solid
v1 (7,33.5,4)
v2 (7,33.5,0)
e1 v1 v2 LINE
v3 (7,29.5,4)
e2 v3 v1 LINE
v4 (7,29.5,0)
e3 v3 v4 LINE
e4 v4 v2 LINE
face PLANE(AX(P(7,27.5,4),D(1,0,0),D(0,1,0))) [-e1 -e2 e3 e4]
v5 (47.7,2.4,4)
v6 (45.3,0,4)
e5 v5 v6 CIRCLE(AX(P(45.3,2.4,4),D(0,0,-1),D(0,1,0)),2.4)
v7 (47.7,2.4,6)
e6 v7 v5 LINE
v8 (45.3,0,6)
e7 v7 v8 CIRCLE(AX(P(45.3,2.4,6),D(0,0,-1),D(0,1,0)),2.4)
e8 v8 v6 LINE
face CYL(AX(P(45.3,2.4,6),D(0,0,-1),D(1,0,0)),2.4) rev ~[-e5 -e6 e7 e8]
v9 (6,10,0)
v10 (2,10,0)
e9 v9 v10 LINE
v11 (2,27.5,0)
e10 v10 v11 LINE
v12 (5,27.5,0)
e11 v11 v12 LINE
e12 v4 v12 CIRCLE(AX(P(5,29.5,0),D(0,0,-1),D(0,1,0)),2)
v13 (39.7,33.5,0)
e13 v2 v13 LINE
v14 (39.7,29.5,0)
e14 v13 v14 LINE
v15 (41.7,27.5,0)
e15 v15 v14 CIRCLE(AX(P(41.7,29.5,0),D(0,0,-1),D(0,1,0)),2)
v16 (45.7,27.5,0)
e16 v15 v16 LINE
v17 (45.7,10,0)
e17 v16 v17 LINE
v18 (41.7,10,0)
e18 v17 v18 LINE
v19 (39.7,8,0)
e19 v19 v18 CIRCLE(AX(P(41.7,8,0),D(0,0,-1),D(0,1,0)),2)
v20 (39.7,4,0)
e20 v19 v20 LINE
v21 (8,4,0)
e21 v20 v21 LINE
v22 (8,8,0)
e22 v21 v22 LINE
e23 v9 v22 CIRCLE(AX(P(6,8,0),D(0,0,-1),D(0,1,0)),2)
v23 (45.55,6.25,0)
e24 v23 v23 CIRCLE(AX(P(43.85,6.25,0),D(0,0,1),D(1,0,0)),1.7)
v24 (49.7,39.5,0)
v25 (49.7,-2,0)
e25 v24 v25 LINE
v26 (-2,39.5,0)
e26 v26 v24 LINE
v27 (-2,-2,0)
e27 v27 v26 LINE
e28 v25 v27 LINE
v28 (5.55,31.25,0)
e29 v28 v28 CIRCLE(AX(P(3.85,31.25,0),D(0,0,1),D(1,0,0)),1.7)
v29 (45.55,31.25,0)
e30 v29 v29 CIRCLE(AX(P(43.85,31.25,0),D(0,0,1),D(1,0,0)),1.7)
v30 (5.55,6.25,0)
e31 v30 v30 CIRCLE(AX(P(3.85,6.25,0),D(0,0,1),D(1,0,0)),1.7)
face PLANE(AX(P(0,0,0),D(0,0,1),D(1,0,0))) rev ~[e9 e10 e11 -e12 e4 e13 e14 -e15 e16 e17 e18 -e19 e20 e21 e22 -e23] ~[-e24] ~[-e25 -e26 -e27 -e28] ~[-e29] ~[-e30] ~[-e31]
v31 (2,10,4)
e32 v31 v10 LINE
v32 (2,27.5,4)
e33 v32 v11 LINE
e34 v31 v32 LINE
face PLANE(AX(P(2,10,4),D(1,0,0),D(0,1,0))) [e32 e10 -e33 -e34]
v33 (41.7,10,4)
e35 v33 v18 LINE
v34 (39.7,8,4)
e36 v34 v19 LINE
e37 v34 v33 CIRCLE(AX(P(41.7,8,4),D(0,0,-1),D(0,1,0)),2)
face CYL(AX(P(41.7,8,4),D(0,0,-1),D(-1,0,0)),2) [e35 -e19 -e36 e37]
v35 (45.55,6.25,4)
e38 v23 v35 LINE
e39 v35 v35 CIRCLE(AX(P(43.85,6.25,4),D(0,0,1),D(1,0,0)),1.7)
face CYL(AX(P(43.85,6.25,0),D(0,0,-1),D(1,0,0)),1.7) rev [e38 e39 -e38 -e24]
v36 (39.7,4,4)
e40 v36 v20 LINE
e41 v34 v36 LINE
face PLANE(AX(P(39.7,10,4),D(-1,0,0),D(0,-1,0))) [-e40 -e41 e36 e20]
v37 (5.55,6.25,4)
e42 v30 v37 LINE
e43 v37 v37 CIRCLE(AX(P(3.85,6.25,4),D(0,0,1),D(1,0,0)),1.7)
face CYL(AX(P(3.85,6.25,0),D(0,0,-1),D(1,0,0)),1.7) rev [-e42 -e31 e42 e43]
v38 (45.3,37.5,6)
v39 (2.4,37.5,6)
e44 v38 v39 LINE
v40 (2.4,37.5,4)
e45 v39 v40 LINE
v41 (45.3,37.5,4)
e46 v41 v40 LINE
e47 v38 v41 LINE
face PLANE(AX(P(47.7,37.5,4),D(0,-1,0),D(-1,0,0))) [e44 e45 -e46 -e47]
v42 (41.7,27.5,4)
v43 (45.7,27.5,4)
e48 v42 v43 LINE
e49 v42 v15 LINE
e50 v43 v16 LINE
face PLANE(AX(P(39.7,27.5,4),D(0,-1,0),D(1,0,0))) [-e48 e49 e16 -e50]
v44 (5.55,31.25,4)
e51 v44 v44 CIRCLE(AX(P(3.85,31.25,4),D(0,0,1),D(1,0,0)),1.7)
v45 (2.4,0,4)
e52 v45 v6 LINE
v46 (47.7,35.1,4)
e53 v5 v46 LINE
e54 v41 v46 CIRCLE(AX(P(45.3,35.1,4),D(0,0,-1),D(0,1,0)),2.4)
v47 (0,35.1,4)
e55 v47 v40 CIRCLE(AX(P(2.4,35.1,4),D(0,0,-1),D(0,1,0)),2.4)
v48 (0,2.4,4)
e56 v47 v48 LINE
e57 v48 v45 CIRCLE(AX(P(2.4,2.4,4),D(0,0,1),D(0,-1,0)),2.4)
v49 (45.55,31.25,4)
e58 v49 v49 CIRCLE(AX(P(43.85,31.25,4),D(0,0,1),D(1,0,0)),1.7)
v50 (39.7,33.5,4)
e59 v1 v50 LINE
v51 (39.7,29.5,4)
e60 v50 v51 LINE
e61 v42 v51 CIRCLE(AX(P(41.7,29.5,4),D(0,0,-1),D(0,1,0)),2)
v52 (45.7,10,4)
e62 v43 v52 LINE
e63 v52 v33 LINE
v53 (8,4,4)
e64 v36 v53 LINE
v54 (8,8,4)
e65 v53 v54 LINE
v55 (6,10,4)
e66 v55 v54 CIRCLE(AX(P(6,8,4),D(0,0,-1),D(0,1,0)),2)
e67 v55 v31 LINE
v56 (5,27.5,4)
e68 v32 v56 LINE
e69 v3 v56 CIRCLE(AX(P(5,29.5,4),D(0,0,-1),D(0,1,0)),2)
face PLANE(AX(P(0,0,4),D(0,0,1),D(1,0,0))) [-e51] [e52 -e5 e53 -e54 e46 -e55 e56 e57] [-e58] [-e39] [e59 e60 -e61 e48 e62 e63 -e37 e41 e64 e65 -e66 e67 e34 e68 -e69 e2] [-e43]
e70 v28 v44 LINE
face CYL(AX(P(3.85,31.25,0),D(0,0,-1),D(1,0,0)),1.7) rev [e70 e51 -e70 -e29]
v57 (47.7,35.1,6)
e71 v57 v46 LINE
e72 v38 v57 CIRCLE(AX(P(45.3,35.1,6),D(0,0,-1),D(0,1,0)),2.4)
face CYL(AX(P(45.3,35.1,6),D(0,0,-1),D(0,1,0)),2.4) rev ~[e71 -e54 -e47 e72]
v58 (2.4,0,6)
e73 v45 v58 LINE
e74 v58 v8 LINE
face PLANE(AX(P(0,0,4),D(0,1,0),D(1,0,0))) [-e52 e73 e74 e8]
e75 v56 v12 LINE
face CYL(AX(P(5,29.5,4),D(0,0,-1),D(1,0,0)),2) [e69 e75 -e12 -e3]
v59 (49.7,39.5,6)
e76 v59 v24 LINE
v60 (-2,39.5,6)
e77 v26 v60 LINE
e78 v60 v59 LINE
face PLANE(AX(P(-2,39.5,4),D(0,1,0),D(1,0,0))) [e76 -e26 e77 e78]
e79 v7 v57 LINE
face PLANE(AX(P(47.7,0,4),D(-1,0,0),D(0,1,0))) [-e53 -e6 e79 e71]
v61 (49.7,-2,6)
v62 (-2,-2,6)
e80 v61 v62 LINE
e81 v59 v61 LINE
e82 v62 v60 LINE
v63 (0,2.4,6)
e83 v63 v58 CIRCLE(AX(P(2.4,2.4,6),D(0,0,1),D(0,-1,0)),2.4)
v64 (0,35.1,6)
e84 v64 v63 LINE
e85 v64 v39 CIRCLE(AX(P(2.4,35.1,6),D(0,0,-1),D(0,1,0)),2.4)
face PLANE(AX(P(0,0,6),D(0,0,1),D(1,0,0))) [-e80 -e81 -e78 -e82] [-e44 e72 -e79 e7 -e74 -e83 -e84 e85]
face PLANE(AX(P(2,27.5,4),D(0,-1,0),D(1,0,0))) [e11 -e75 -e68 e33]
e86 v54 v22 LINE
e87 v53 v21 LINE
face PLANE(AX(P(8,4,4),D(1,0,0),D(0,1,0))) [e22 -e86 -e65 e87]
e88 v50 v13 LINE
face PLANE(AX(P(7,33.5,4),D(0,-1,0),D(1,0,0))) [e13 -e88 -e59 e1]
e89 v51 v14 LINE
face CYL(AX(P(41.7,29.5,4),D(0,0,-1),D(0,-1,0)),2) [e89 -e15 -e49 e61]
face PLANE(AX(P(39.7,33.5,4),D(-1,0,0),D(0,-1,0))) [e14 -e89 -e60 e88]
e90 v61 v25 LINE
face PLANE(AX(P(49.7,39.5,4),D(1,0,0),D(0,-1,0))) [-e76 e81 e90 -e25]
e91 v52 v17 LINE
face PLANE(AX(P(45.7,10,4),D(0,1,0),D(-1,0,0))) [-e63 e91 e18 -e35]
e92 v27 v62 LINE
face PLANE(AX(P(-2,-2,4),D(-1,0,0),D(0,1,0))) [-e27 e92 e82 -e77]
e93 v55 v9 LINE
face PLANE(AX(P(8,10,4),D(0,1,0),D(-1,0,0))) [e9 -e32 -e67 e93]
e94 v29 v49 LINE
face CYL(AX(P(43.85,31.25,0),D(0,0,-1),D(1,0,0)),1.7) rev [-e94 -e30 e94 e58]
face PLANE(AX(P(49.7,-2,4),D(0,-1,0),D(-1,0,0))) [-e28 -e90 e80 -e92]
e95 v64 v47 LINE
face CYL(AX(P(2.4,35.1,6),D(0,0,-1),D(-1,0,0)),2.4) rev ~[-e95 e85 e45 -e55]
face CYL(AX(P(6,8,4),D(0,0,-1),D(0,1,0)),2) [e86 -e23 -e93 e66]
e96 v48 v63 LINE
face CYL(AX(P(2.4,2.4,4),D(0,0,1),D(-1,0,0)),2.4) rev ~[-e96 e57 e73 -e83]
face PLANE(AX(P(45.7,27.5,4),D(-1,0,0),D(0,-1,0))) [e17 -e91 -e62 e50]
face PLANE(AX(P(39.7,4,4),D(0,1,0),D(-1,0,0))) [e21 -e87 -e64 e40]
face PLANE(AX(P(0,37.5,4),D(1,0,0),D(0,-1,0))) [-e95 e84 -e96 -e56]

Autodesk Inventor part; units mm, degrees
ref_plane "YZ Plane" through (0, 0, 0) normal (1, 0, 0) x (0, 1, 0)
ref_plane "XZ Plane" through (0, 0, 0) normal (0, 1, 0) x (-1, 0, 0)
ref_plane "XY Plane" through (0, 0, 0) normal (0, 0, 1) x (1, 0, 0)
sketch "Эскиз1" plane through (0, 0, 0) normal (0, 0, 1) x (1, 0, 0)
  line L0 (0, 0) -> (47.7, 0)
  line L1 (47.7, 0) -> (47.7, 37.5)
  line L2 (47.7, 37.5) -> (0, 37.5)
  line L3 (0, 37.5) -> (0, 0)
  line L4 (3.85, 31.25) -> (43.85, 31.25) construction
  line L5 (43.85, 31.25) -> (43.85, 6.25) construction
  line L6 (43.85, 6.25) -> (3.85, 6.25) construction
  line L7 (3.85, 6.25) -> (3.85, 31.25) construction
  line L8 (3.85, 31.25) -> (3.85, 37.5) construction
  line L9 (3.85, 6.25) -> (3.85, 0) construction
  line L10 (3.85, 31.25) -> (0, 31.25) construction
  line L11 (43.85, 31.25) -> (47.7, 31.25) construction
  circle A0 centre (3.85, 31.25) radius 1.7
  circle A1 centre (43.85, 31.25) radius 1.7
  circle A2 centre (43.85, 6.25) radius 1.7
  circle A3 centre (3.85, 6.25) radius 1.7
  dimension "d0" = 47.7
  dimension "d1" = 37.5
  dimension "d2" = 40
  dimension "d3" = 25
  dimension "d6" = 3.4
extrude "Выдавливание1" add sketch "Эскиз1" along normal blind 4
sketch "Эскиз2" plane through (0, 0, 4) normal (0, 0, 1) x (1, 0, 0)
  circle A0 centre (3.85, 6.25) radius 1.7 projected
  circle A1 centre (43.85, 6.25) radius 1.7 projected
  circle A2 centre (43.85, 31.25) radius 1.7 projected
  circle A3 centre (3.85, 31.25) radius 1.7 projected
  line L0 (0, 0) -> (47.7, 0) projected
  line L1 (47.7, 0) -> (47.7, 37.5) projected
  line L2 (47.7, 37.5) -> (0, 37.5) projected
  line L3 (0, 37.5) -> (0, 0) projected
  line L4 (-2, 39.5) -> (49.7, 39.5)
  line L5 (49.7, 39.5) -> (49.7, -2)
  line L6 (49.7, -2) -> (-2, -2)
  line L7 (-2, -2) -> (-2, 39.5)
  dimension "d9" = 2
extrude "Выдавливание2" add sketch "Эскиз2" along normal blind 2 and the other way blind 4 contours L4 L5 L6 L7
fillet "Сопряжение1" radius 2.4 4 edges at (0, 37.5, 5) (47.7, 37.5, 5) (47.7, 0, 5) (0, 0, 5)
sketch "Эскиз3" plane through (0, 0, 4) normal (0, 0, 1) x (1, 0, 0)
  line L0 (7, 33.5) -> (39.7, 33.5)
  line L1 (39.7, 4) -> (8, 4)
  line L2 (2.4, 37.5) -> (45.3, 37.5) projected
  line L3 (47.7, 35.1) -> (47.7, 2.4) projected
  line L4 (2, 27.5) -> (7, 27.5)
  line L5 (8, 10) -> (2, 10)
  line L6 (2, 10) -> (2, 27.5)
  line L7 (39.7, 27.5) -> (45.7, 27.5)
  line L8 (45.7, 27.5) -> (45.7, 10)
  line L9 (45.7, 10) -> (39.7, 10)
  line L10 (45.3, 0) -> (2.4, 0) projected
  line L11 (0, 2.4) -> (0, 35.1) projected
  line L12 (8, 4) -> (8, 10)
  line L13 (7, 27.5) -> (7, 33.5)
  line L14 (39.7, 33.5) -> (39.7, 27.5)
  line L15 (39.7, 10) -> (39.7, 4)
  point P0 (0, 0)
  dimension "d15" = 4
  dimension "d17" = 4
  dimension "d24" = 10
  dimension "d25" = 10
  dimension "d26" = 10
  dimension "d27" = 10
  dimension "d28" = 2
  dimension "d29" = 2
  dimension "d33" = 8
  dimension "d34" = 7
  dimension "d35" = 8
  dimension "d36" = 8
extrude "Выдавливание3" cut sketch "Эскиз3" against normal blind 10
fillet "Сопряжение2" radius 2 4 edges at (8, 10, 2) (7, 27.5, 2) (39.7, 27.5, 2) (39.7, 10, 2)
properties part number "forpower"
